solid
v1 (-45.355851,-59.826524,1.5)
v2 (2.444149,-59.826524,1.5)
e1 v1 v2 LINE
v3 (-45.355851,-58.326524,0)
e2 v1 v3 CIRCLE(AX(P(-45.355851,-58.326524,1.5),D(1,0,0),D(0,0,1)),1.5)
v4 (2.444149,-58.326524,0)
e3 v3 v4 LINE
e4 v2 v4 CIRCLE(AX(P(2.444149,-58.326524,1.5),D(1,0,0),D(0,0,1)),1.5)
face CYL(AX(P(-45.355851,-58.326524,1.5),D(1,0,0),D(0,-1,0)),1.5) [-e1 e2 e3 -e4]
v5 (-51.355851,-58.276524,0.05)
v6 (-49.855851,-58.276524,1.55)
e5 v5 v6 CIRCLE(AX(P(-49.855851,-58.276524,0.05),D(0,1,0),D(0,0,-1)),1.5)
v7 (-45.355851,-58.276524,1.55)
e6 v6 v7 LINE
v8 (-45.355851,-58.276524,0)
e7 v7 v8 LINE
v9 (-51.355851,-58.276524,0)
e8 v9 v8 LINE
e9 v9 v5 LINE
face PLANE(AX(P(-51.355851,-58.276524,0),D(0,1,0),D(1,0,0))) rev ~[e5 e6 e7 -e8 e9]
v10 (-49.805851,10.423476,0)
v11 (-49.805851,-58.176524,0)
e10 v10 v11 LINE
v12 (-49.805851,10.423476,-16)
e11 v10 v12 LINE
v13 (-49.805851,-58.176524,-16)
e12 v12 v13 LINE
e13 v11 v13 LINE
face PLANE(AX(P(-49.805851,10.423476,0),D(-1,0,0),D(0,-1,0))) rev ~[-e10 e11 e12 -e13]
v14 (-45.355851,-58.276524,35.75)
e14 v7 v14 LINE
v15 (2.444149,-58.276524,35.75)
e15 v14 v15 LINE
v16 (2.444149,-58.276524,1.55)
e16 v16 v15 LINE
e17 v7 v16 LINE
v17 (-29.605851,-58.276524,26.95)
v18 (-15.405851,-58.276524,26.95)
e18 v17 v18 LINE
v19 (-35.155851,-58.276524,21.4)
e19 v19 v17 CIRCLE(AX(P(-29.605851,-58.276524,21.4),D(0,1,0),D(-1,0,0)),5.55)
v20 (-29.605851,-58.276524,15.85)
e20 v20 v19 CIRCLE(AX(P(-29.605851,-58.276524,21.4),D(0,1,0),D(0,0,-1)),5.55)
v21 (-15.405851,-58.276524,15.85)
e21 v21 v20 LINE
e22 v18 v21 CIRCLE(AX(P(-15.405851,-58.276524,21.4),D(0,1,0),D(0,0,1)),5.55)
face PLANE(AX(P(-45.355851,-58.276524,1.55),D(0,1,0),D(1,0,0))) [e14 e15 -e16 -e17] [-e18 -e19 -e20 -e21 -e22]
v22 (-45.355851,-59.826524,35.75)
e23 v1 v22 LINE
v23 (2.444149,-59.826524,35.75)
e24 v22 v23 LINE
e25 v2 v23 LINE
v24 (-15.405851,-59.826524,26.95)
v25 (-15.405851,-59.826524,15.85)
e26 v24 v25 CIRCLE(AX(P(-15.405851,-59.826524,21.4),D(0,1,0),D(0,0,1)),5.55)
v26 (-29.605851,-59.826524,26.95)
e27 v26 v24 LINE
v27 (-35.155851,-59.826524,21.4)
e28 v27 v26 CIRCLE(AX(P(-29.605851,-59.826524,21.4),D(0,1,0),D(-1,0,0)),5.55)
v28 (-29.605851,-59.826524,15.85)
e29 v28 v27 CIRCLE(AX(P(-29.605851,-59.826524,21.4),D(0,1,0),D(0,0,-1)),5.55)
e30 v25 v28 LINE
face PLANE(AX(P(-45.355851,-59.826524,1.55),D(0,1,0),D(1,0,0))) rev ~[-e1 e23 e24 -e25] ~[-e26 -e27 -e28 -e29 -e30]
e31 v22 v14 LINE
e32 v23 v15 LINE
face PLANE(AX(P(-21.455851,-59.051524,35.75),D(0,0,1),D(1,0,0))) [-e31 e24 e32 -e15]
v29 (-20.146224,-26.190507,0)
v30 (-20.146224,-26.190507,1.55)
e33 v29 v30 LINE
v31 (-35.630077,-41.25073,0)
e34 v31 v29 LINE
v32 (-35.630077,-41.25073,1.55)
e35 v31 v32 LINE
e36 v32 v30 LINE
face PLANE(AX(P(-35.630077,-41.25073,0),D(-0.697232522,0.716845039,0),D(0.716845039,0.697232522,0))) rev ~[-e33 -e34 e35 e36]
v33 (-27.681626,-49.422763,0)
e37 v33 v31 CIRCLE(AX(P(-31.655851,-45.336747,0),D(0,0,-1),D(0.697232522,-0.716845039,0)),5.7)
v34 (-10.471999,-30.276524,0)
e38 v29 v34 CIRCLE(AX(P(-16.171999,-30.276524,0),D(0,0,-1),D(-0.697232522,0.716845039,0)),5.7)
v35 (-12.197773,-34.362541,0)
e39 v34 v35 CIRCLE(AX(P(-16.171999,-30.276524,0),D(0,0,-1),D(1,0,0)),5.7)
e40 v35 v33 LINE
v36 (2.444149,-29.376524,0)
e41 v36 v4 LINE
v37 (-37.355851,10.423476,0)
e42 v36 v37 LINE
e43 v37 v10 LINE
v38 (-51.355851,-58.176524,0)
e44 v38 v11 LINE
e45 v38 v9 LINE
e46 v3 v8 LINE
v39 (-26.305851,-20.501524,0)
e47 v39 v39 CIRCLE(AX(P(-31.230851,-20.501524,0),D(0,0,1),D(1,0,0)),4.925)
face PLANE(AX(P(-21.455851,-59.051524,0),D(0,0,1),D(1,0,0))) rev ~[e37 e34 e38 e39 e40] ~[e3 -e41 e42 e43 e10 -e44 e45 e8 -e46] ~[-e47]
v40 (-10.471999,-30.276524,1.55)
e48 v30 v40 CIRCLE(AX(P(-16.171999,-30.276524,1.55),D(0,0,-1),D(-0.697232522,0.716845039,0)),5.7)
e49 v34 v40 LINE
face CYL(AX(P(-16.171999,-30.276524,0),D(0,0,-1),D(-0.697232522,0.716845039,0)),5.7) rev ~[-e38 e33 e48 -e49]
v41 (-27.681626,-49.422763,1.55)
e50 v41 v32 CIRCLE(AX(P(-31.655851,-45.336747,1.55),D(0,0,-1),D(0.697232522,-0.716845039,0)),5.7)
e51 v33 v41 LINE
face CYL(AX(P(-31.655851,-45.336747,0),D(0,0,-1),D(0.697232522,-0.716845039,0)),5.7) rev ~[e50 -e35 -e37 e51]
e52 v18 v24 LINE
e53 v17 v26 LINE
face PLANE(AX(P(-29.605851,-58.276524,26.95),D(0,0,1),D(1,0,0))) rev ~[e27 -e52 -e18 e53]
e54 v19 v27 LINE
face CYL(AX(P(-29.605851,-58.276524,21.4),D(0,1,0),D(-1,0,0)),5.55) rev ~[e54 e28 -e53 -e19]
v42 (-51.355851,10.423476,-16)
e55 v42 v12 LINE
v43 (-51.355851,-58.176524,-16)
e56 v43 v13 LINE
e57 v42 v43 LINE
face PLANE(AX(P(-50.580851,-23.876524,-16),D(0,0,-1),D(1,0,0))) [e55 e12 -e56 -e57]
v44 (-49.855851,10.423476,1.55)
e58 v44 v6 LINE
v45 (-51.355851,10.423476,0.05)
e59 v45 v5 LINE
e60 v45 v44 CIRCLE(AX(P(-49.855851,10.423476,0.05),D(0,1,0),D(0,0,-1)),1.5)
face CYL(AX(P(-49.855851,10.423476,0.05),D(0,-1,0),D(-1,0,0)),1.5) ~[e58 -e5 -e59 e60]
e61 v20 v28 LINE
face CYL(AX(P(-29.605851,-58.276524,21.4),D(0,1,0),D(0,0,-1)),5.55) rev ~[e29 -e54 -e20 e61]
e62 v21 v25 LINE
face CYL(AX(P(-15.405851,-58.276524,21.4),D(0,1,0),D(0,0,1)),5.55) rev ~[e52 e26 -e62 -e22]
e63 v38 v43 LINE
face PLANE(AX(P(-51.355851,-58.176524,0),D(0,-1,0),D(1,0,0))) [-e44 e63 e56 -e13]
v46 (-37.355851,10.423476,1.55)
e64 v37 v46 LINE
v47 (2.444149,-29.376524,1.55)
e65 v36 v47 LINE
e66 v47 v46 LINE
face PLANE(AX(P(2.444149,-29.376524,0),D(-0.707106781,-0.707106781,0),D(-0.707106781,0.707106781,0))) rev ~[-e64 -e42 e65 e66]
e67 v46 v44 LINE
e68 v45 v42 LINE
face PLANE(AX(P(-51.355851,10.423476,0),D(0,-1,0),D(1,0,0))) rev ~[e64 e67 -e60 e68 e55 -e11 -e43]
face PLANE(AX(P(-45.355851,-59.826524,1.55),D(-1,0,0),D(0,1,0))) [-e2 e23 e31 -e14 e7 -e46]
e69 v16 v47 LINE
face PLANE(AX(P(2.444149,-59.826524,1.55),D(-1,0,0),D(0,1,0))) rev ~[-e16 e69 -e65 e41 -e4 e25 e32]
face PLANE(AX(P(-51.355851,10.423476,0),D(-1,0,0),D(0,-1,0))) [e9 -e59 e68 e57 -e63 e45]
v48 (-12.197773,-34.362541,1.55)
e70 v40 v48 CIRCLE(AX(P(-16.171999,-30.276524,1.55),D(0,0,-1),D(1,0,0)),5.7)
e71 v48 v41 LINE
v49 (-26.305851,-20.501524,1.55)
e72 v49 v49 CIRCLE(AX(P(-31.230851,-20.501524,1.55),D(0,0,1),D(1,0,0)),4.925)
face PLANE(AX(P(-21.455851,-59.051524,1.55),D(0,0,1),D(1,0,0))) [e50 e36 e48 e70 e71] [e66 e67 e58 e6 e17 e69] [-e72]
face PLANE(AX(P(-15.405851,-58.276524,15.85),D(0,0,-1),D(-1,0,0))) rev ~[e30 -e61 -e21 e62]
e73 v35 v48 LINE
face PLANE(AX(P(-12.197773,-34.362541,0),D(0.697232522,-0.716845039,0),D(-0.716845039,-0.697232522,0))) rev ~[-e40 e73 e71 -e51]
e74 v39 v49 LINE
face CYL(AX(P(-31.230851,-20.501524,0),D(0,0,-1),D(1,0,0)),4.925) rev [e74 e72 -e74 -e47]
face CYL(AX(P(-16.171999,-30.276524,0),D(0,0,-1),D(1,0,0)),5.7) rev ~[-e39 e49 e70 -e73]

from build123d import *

# Parameters (mm, degrees)
F0_R      = 4.925
F1_DEPTH  = 1.55
F2_W      = 1.55
F2_H      = 68.6
F3_DEPTH  = 16
F4_W      = 47.8
F4_H      = 1.55
F5_DEPTH  = 1.55
F6_W      = 47.8
F6_H      = 1.55
F7_DEPTH  = 34.2
F8_R      = 1.5
F10_DEPTH = 1.551


with BuildPart() as f1:
    # F0 (on Top) → F1 (new body)
    with BuildSketch(Plane.XY):
        Polygon((-51.3558513849, 10.4234758295), (-51.3558513849, -58.2765241705), (2.4441486151, -58.2765241705), (2.4441486151, -29.3765241705), (-37.3558513849, 10.4234758295), align=None)
        with BuildLine():
            ThreePointArc((-27.6816260073, -49.4227633754), (-35.7418681063, -49.3109720316), (-35.6300767624, -41.2507299325))
            Line((-35.6300767624, -41.2507299325), (-20.1462239232, -26.190507449))
            ThreePointArc((-20.1462239232, -26.190507449), (-13.9542389387, -25.0256630672), (-10.4719985456, -30.2765241705))
            ThreePointArc((-10.4719985456, -30.2765241705), (-10.9211374423, -32.4942837773), (-12.197773168, -34.3625408919))
            Line((-12.197773168, -34.3625408919), (-27.6816260073, -49.4227633754))
        make_face(mode=Mode.SUBTRACT)
        with Locations((-31.2308513849, -20.5015241705)):
            Circle(F0_R, mode=Mode.SUBTRACT)
    extrude(amount=F1_DEPTH)

    # F2 (on face) → F3 (join)
    with BuildSketch(Plane(origin=(0, 0, 0), x_dir=(1, 0, 0), z_dir=(0, 0, -1))):
        with Locations((-50.5808513849, 23.8765241705)):
            Rectangle(F2_W, F2_H)
    extrude(amount=F3_DEPTH)

    # F4 (on face) → F5 (join)
    with BuildSketch(Plane.XY.offset(1.55)):
        with Locations((-21.4558513849, -59.0515241705)):
            Rectangle(F4_W, F4_H)
    extrude(amount=-F5_DEPTH)

    # F6 (on face) → F7 (join)
    with BuildSketch(Plane.XY.offset(1.55)):
        with Locations((-21.4558513849, -59.0515241705)):
            Rectangle(F6_W, F6_H)
    extrude(amount=F7_DEPTH)

    # F8
    f8_edges = [f1.edges().sort_by_distance(p)[0] for p in [
        (-21.455851, -59.826524, 0),
        (-51.355851, -23.926524, 1.55),
    ]]
    fillet(f8_edges, radius=F8_R)

    # F9 (on face) → F10 (cut, through all)
    with BuildSketch(Plane(origin=(0, -58.2765241705, 0), x_dir=(-1, 0, 0), z_dir=(0, 1, 0))):
        with BuildLine():
            ThreePointArc((15.4058513849, 15.85), (19.3302940204, 17.4755573644), (20.9558513849, 21.4))
            ThreePointArc((20.9558513849, 21.4), (19.3302940204, 25.3244426356), (15.4058513849, 26.95))
            ThreePointArc((15.4058513849, 26.95), (9.8558513849, 21.4), (15.4058513849, 15.85))
        make_face()
        with BuildLine():
            ThreePointArc((15.4058513849, 26.95), (19.3302940204, 25.3244426356), (20.9558513849, 21.4))
            ThreePointArc((20.9558513849, 21.4), (19.3302940204, 17.4755573644), (15.4058513849, 15.85))
            Line((15.4058513849, 15.85), (29.6058513849, 15.85))
            ThreePointArc((29.6058513849, 15.85), (24.0558513849, 21.4), (29.6058513849, 26.95))
            Line((29.6058513849, 26.95), (15.4058513849, 26.95))
        make_face()
        with BuildLine():
            ThreePointArc((35.1558513849, 21.4), (33.5302940204, 25.3244426356), (29.6058513849, 26.95))
            ThreePointArc((29.6058513849, 26.95), (24.0558513849, 21.4), (29.6058513849, 15.85))
            ThreePointArc((29.6058513849, 15.85), (33.5302940204, 17.4755573644), (35.1558513849, 21.4))
        make_face()
    extrude(amount=-F10_DEPTH, mode=Mode.SUBTRACT)


solid = f1.part
